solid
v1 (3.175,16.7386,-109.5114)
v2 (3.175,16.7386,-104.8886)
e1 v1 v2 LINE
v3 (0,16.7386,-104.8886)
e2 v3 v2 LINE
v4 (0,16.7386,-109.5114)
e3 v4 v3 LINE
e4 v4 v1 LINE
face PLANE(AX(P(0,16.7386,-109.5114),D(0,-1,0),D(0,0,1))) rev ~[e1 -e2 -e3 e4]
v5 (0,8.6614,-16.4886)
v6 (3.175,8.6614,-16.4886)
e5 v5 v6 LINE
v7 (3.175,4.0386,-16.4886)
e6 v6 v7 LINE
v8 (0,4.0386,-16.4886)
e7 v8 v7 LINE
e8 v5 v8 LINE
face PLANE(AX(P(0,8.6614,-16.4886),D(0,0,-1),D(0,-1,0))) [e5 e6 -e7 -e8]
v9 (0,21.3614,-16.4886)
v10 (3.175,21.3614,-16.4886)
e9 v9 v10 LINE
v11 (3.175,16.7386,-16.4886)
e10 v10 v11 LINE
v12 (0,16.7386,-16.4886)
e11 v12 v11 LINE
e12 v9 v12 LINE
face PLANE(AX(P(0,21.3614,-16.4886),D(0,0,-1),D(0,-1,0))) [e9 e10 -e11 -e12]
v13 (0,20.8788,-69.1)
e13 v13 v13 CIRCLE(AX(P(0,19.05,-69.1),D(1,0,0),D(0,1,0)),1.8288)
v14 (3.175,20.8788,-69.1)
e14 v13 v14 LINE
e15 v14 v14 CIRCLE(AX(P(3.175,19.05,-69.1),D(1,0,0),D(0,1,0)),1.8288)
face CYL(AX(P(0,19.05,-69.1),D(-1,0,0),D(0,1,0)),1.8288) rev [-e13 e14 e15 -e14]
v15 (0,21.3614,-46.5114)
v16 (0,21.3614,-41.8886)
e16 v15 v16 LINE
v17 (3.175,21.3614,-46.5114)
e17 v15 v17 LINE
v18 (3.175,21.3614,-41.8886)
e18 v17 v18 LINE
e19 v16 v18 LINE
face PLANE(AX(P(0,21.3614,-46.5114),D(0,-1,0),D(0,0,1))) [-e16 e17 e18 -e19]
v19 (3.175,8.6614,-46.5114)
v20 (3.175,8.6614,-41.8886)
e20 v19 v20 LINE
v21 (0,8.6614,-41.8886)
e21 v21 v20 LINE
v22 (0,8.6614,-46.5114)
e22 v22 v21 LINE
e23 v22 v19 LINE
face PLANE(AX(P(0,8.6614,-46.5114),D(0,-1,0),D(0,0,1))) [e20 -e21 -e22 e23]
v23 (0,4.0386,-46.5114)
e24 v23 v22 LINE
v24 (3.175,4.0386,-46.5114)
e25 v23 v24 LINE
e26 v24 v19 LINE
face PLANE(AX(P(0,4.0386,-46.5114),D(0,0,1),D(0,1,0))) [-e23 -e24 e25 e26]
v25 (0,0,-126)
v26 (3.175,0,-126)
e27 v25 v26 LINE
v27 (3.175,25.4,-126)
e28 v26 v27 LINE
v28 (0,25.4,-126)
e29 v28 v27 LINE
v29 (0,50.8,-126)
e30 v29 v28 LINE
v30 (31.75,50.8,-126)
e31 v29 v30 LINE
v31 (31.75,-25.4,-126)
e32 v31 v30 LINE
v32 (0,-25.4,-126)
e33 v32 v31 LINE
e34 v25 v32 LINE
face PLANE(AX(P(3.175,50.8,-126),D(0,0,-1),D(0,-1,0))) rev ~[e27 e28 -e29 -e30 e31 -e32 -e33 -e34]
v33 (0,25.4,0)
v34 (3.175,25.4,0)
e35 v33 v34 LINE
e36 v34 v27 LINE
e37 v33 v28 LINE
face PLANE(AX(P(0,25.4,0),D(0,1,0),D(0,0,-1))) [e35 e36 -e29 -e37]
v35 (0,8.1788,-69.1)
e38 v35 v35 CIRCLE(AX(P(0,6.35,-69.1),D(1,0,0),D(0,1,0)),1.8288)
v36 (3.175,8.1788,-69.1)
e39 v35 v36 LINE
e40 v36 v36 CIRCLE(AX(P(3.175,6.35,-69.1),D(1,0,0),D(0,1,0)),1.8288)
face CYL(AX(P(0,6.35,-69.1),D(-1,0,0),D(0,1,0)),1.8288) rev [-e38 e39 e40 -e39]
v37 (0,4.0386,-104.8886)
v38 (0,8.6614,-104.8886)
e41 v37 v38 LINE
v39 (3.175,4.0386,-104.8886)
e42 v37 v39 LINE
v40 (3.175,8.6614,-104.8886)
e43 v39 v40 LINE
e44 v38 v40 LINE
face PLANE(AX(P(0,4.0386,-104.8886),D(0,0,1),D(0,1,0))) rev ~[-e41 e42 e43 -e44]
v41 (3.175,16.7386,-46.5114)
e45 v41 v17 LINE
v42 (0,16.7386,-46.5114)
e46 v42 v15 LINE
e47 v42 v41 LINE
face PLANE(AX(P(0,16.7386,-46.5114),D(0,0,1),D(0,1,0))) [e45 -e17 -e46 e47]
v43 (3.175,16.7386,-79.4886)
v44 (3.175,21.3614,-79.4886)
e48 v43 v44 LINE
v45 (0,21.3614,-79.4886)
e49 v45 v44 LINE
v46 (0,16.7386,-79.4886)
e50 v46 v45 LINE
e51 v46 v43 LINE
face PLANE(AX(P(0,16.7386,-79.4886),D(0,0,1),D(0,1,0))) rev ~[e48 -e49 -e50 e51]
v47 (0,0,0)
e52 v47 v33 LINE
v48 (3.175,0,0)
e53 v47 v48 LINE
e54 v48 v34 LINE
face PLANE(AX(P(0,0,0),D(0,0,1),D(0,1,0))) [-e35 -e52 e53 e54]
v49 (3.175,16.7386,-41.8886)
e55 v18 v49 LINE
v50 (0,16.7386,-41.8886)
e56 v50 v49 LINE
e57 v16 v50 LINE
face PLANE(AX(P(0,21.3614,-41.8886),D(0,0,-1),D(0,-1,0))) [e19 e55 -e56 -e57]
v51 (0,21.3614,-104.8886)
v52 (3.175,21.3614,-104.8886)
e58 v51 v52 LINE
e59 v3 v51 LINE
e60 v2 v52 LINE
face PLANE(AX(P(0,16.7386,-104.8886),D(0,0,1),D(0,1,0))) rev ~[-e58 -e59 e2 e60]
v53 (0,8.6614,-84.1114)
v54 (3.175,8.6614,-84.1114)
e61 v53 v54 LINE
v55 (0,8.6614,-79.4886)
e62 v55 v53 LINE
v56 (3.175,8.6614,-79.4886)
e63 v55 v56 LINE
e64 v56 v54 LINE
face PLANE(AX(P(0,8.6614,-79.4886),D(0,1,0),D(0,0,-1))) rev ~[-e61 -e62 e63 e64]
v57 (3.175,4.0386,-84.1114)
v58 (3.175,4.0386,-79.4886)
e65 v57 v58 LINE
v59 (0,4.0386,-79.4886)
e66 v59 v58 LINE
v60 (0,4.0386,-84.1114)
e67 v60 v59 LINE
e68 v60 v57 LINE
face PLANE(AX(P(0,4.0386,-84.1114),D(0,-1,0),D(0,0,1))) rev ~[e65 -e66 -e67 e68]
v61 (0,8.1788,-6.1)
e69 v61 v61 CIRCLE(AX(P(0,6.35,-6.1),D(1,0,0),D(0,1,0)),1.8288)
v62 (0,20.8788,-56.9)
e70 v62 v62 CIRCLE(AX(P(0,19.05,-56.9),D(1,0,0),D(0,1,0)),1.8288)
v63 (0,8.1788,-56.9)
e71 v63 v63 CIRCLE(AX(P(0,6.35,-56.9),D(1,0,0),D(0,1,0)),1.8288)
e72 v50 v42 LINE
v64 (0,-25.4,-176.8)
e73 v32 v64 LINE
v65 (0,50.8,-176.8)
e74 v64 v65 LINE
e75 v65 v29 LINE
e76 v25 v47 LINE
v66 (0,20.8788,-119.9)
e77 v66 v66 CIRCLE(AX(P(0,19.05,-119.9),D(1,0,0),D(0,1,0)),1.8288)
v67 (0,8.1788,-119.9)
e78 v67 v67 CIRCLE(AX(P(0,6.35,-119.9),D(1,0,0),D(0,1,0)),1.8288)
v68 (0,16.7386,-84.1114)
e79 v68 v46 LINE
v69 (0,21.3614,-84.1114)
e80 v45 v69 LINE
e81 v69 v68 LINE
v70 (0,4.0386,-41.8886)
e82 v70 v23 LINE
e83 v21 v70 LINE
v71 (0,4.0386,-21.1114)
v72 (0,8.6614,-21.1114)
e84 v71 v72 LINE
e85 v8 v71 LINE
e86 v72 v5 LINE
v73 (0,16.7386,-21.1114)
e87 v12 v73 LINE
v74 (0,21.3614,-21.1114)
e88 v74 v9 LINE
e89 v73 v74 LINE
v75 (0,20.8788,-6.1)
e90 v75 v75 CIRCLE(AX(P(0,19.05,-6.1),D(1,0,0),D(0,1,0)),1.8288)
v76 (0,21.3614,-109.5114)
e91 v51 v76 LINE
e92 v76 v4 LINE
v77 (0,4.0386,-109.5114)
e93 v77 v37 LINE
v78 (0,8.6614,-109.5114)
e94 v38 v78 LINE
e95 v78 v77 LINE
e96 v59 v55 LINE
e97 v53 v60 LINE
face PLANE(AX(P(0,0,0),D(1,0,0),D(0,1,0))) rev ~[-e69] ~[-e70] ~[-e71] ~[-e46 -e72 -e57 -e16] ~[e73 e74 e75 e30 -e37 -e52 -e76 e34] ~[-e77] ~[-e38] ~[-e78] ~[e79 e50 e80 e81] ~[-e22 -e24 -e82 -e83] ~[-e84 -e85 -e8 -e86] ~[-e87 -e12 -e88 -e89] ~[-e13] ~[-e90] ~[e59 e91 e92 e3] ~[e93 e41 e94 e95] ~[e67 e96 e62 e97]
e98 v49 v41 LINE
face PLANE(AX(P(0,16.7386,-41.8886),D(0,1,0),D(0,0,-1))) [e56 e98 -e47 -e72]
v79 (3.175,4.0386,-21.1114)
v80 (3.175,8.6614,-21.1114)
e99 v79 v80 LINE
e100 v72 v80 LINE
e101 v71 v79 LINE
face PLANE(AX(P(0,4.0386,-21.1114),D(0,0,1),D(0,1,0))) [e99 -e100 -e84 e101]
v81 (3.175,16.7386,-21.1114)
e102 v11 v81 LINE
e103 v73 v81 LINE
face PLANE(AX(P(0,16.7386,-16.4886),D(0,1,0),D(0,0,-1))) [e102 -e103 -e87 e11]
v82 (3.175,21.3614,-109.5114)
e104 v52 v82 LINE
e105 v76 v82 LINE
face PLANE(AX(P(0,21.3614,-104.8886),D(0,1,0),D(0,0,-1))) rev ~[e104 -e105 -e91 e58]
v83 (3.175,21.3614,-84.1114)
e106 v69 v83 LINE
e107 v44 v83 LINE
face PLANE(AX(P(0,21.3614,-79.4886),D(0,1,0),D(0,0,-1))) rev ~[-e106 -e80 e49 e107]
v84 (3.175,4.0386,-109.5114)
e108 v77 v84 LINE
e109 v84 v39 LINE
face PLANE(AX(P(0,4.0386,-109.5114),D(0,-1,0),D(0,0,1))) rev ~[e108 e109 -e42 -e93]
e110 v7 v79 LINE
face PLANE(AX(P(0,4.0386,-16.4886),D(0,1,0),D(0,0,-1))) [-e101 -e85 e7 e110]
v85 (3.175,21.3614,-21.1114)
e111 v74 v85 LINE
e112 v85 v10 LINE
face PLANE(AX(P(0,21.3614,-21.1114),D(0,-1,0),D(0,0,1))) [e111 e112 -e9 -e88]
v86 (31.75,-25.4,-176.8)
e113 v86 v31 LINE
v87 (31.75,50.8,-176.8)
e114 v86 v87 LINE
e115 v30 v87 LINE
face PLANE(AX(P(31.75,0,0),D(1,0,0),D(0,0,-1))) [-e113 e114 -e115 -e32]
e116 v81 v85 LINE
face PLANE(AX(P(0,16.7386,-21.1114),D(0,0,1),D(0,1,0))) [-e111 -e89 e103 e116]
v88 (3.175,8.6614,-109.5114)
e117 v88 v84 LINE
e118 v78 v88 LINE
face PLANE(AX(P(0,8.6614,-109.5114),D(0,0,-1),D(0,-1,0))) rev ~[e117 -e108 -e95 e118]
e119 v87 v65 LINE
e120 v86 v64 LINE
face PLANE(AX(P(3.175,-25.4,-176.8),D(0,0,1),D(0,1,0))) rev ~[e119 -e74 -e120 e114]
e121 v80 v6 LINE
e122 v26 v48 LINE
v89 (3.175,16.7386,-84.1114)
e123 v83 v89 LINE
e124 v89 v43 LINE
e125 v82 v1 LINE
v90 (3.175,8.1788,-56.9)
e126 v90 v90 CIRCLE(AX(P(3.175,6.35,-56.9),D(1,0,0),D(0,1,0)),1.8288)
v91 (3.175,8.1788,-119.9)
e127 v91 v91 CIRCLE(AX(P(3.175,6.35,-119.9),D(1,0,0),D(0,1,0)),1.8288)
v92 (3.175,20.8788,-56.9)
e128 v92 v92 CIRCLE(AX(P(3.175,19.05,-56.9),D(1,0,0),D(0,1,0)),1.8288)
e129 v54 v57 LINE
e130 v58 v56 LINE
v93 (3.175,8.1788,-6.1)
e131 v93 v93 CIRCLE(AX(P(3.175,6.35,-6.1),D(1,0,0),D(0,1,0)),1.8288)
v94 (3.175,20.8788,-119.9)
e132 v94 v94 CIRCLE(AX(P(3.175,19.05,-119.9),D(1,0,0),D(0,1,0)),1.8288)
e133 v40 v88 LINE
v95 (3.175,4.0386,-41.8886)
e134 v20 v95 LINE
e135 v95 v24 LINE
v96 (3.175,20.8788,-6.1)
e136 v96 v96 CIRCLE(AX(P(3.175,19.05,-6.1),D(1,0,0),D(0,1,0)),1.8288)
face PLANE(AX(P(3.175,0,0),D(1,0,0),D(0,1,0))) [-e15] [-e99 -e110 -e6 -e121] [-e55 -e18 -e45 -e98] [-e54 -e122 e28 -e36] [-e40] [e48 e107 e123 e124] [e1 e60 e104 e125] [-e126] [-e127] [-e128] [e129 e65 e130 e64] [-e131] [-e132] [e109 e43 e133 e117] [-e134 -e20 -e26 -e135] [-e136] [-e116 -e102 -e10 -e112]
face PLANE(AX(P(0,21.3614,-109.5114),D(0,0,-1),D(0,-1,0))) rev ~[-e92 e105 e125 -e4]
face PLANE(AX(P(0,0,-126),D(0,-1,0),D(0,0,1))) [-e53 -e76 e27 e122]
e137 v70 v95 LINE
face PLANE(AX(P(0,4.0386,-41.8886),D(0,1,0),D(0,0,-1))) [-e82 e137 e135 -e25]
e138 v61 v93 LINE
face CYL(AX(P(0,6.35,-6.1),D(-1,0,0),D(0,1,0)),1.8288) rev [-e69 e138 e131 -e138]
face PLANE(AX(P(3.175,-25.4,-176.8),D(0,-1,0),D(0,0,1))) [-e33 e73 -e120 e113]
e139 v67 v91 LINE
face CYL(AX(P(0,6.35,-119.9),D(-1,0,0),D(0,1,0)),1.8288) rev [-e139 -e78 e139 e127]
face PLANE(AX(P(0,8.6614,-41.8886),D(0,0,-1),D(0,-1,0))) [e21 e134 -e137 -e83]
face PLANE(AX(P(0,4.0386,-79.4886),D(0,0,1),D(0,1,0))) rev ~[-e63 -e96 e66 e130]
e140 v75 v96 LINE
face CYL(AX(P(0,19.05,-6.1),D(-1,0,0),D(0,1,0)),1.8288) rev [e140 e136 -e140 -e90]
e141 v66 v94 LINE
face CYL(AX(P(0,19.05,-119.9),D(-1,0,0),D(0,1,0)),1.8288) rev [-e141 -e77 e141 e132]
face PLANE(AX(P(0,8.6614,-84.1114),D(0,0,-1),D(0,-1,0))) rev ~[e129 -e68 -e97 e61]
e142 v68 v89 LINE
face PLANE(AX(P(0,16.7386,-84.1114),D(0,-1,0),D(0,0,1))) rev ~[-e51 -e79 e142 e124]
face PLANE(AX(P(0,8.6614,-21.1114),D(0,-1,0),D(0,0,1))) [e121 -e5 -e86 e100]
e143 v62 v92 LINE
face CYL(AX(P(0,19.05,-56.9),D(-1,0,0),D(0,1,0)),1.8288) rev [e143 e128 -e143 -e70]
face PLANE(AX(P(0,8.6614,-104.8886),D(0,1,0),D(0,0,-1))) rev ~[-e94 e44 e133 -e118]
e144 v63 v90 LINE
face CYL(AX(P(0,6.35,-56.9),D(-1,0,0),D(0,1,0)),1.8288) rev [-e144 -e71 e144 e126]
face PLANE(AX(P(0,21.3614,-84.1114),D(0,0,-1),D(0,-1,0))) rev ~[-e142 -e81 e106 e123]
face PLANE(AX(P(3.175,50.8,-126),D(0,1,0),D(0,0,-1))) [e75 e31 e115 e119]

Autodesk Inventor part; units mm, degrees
ref_plane "YZ Plane" through (0, 0, 0) normal (1, 0, 0) x (0, 1, 0)
ref_plane "XZ Plane" through (0, 0, 0) normal (0, 1, 0) x (-1, 0, 0)
ref_plane "XY Plane" through (0, 0, 0) normal (0, 0, 1) x (1, 0, 0)
sketch "Sketch1" plane through (0, 0, 0) normal (1, 0, 0) x (0, 1, 0)
  line L0 (0, 0) -> (25.4, 0)
  line L1 (25.4, 0) -> (25.4, -126)
  line L2 (25.4, -126) -> (0, -126)
  line L3 (0, -126) -> (0, 0)
  line L4 (50.8, -126) -> (-25.4, -126)
  line L5 (-25.4, -126) -> (-25.4, -176.8)
  line L6 (-25.4, -176.8) -> (50.8, -176.8)
  line L7 (50.8, -176.8) -> (50.8, -126)
  line L8 (8.6614, -41.8886) -> (4.0386, -41.8886)
  line L9 (4.0386, -41.8886) -> (4.0386, -46.5114)
  line L10 (4.0386, -46.5114) -> (8.6614, -46.5114)
  line L11 (8.6614, -46.5114) -> (8.6614, -41.8886)
  line L12 (8.6614, -16.4886) -> (4.0386, -16.4886)
  line L13 (4.0386, -16.4886) -> (4.0386, -21.1114)
  line L14 (4.0386, -21.1114) -> (8.6614, -21.1114)
  line L15 (8.6614, -21.1114) -> (8.6614, -16.4886)
  line L16 (21.3614, -41.8886) -> (16.7386, -41.8886)
  line L17 (16.7386, -41.8886) -> (16.7386, -46.5114)
  line L18 (16.7386, -46.5114) -> (21.3614, -46.5114)
  line L19 (21.3614, -46.5114) -> (21.3614, -41.8886)
  line L20 (21.3614, -16.4886) -> (16.7386, -16.4886)
  line L21 (16.7386, -16.4886) -> (16.7386, -21.1114)
  line L22 (16.7386, -21.1114) -> (21.3614, -21.1114)
  line L23 (21.3614, -21.1114) -> (21.3614, -16.4886)
  line L24 (25.4, -63) -> (0, -63) construction
  line L25 (8.6614, -84.1114) -> (4.0386, -84.1114)
  line L26 (4.0386, -84.1114) -> (4.0386, -79.4886)
  line L27 (4.0386, -79.4886) -> (8.6614, -79.4886)
  line L28 (8.6614, -79.4886) -> (8.6614, -84.1114)
  line L29 (8.6614, -109.5114) -> (4.0386, -109.5114)
  line L30 (4.0386, -109.5114) -> (4.0386, -104.8886)
  line L31 (4.0386, -104.8886) -> (8.6614, -104.8886)
  line L32 (8.6614, -104.8886) -> (8.6614, -109.5114)
  line L33 (21.3614, -84.1114) -> (16.7386, -84.1114)
  line L34 (16.7386, -84.1114) -> (16.7386, -79.4886)
  line L35 (16.7386, -79.4886) -> (21.3614, -79.4886)
  line L36 (21.3614, -79.4886) -> (21.3614, -84.1114)
  line L37 (21.3614, -109.5114) -> (16.7386, -109.5114)
  line L38 (16.7386, -109.5114) -> (16.7386, -104.8886)
  line L39 (16.7386, -104.8886) -> (21.3614, -104.8886)
  line L40 (21.3614, -104.8886) -> (21.3614, -109.5114)
  circle A0 centre (19.05, -6.1) radius 1.8288
  circle A1 centre (6.35, -6.1) radius 1.8288
  circle A2 centre (19.05, -56.9) radius 1.8288
  circle A3 centre (6.35, -56.9) radius 1.8288
  circle A4 centre (19.05, -69.1) radius 1.8288
  circle A5 centre (6.35, -69.1) radius 1.8288
  circle A6 centre (19.05, -119.9) radius 1.8288
  circle A7 centre (6.35, -119.9) radius 1.8288
  point P0 (4.0386, -44.2)
  point P1 (4.0386, -18.8)
  point P2 (16.7386, -44.2)
  point P3 (16.7386, -18.8)
  point P4 (19.05, -21.1114)
  point P5 (6.35, -46.5114)
  point P6 (19.05, -16.4886)
  point P7 (6.35, -16.4886)
  point P8 (4.0386, -81.8)
  point P9 (4.0386, -107.2)
  point P10 (16.7386, -81.8)
  point P11 (16.7386, -107.2)
  point P12 (19.05, -104.8886)
  point P13 (6.35, -79.4886)
  point P14 (19.05, -109.5114)
  point P15 (6.35, -109.5114)
  point P16 (19.05, -109.5114)
  point P17 (0, -126)
  dimension "d0" = 25.4
  dimension "d1" = 126
  dimension "d2" = 76.2
  dimension "d3" = 50.8
  dimension "d4" = 25.4
  dimension "d5" = 4.6228
  dimension "d6" = 4.6228
  dimension "d13" = 25.4
  dimension "d14" = 25.4
  dimension "d16" = 12.7
  dimension "d17" = 6.35
  dimension "d19" = 18.8
  dimension "d20" = 3.6576
  dimension "d21" = 6.1
  dimension "d23" = 6.1
  dimension "d24" = 6.1
  dimension "d25" = 6.1
extrude "Extrusion1" add sketch "Sketch1" along normal blind 3.175
sketch "Sketch2" plane through (3.175, 0, 0) normal (1, 0, 0) x (0, 0, -1)
  line L0 (126, 50.8) -> (126, 25.4) projected
  line L1 (176.8, -25.4) -> (176.8, 50.8) projected
  line L2 (126, 50.8) -> (176.8, 50.8)
  line L3 (176.8, 50.8) -> (176.8, -25.4)
  line L4 (176.8, -25.4) -> (126, -25.4)
  line L5 (126, -25.4) -> (126, 50.8)
  point P0 (0, 0)
extrude "Extrusion2" add sketch "Sketch2" along normal blind 28.575
properties part number "blocker" material "ABS Plastic"
